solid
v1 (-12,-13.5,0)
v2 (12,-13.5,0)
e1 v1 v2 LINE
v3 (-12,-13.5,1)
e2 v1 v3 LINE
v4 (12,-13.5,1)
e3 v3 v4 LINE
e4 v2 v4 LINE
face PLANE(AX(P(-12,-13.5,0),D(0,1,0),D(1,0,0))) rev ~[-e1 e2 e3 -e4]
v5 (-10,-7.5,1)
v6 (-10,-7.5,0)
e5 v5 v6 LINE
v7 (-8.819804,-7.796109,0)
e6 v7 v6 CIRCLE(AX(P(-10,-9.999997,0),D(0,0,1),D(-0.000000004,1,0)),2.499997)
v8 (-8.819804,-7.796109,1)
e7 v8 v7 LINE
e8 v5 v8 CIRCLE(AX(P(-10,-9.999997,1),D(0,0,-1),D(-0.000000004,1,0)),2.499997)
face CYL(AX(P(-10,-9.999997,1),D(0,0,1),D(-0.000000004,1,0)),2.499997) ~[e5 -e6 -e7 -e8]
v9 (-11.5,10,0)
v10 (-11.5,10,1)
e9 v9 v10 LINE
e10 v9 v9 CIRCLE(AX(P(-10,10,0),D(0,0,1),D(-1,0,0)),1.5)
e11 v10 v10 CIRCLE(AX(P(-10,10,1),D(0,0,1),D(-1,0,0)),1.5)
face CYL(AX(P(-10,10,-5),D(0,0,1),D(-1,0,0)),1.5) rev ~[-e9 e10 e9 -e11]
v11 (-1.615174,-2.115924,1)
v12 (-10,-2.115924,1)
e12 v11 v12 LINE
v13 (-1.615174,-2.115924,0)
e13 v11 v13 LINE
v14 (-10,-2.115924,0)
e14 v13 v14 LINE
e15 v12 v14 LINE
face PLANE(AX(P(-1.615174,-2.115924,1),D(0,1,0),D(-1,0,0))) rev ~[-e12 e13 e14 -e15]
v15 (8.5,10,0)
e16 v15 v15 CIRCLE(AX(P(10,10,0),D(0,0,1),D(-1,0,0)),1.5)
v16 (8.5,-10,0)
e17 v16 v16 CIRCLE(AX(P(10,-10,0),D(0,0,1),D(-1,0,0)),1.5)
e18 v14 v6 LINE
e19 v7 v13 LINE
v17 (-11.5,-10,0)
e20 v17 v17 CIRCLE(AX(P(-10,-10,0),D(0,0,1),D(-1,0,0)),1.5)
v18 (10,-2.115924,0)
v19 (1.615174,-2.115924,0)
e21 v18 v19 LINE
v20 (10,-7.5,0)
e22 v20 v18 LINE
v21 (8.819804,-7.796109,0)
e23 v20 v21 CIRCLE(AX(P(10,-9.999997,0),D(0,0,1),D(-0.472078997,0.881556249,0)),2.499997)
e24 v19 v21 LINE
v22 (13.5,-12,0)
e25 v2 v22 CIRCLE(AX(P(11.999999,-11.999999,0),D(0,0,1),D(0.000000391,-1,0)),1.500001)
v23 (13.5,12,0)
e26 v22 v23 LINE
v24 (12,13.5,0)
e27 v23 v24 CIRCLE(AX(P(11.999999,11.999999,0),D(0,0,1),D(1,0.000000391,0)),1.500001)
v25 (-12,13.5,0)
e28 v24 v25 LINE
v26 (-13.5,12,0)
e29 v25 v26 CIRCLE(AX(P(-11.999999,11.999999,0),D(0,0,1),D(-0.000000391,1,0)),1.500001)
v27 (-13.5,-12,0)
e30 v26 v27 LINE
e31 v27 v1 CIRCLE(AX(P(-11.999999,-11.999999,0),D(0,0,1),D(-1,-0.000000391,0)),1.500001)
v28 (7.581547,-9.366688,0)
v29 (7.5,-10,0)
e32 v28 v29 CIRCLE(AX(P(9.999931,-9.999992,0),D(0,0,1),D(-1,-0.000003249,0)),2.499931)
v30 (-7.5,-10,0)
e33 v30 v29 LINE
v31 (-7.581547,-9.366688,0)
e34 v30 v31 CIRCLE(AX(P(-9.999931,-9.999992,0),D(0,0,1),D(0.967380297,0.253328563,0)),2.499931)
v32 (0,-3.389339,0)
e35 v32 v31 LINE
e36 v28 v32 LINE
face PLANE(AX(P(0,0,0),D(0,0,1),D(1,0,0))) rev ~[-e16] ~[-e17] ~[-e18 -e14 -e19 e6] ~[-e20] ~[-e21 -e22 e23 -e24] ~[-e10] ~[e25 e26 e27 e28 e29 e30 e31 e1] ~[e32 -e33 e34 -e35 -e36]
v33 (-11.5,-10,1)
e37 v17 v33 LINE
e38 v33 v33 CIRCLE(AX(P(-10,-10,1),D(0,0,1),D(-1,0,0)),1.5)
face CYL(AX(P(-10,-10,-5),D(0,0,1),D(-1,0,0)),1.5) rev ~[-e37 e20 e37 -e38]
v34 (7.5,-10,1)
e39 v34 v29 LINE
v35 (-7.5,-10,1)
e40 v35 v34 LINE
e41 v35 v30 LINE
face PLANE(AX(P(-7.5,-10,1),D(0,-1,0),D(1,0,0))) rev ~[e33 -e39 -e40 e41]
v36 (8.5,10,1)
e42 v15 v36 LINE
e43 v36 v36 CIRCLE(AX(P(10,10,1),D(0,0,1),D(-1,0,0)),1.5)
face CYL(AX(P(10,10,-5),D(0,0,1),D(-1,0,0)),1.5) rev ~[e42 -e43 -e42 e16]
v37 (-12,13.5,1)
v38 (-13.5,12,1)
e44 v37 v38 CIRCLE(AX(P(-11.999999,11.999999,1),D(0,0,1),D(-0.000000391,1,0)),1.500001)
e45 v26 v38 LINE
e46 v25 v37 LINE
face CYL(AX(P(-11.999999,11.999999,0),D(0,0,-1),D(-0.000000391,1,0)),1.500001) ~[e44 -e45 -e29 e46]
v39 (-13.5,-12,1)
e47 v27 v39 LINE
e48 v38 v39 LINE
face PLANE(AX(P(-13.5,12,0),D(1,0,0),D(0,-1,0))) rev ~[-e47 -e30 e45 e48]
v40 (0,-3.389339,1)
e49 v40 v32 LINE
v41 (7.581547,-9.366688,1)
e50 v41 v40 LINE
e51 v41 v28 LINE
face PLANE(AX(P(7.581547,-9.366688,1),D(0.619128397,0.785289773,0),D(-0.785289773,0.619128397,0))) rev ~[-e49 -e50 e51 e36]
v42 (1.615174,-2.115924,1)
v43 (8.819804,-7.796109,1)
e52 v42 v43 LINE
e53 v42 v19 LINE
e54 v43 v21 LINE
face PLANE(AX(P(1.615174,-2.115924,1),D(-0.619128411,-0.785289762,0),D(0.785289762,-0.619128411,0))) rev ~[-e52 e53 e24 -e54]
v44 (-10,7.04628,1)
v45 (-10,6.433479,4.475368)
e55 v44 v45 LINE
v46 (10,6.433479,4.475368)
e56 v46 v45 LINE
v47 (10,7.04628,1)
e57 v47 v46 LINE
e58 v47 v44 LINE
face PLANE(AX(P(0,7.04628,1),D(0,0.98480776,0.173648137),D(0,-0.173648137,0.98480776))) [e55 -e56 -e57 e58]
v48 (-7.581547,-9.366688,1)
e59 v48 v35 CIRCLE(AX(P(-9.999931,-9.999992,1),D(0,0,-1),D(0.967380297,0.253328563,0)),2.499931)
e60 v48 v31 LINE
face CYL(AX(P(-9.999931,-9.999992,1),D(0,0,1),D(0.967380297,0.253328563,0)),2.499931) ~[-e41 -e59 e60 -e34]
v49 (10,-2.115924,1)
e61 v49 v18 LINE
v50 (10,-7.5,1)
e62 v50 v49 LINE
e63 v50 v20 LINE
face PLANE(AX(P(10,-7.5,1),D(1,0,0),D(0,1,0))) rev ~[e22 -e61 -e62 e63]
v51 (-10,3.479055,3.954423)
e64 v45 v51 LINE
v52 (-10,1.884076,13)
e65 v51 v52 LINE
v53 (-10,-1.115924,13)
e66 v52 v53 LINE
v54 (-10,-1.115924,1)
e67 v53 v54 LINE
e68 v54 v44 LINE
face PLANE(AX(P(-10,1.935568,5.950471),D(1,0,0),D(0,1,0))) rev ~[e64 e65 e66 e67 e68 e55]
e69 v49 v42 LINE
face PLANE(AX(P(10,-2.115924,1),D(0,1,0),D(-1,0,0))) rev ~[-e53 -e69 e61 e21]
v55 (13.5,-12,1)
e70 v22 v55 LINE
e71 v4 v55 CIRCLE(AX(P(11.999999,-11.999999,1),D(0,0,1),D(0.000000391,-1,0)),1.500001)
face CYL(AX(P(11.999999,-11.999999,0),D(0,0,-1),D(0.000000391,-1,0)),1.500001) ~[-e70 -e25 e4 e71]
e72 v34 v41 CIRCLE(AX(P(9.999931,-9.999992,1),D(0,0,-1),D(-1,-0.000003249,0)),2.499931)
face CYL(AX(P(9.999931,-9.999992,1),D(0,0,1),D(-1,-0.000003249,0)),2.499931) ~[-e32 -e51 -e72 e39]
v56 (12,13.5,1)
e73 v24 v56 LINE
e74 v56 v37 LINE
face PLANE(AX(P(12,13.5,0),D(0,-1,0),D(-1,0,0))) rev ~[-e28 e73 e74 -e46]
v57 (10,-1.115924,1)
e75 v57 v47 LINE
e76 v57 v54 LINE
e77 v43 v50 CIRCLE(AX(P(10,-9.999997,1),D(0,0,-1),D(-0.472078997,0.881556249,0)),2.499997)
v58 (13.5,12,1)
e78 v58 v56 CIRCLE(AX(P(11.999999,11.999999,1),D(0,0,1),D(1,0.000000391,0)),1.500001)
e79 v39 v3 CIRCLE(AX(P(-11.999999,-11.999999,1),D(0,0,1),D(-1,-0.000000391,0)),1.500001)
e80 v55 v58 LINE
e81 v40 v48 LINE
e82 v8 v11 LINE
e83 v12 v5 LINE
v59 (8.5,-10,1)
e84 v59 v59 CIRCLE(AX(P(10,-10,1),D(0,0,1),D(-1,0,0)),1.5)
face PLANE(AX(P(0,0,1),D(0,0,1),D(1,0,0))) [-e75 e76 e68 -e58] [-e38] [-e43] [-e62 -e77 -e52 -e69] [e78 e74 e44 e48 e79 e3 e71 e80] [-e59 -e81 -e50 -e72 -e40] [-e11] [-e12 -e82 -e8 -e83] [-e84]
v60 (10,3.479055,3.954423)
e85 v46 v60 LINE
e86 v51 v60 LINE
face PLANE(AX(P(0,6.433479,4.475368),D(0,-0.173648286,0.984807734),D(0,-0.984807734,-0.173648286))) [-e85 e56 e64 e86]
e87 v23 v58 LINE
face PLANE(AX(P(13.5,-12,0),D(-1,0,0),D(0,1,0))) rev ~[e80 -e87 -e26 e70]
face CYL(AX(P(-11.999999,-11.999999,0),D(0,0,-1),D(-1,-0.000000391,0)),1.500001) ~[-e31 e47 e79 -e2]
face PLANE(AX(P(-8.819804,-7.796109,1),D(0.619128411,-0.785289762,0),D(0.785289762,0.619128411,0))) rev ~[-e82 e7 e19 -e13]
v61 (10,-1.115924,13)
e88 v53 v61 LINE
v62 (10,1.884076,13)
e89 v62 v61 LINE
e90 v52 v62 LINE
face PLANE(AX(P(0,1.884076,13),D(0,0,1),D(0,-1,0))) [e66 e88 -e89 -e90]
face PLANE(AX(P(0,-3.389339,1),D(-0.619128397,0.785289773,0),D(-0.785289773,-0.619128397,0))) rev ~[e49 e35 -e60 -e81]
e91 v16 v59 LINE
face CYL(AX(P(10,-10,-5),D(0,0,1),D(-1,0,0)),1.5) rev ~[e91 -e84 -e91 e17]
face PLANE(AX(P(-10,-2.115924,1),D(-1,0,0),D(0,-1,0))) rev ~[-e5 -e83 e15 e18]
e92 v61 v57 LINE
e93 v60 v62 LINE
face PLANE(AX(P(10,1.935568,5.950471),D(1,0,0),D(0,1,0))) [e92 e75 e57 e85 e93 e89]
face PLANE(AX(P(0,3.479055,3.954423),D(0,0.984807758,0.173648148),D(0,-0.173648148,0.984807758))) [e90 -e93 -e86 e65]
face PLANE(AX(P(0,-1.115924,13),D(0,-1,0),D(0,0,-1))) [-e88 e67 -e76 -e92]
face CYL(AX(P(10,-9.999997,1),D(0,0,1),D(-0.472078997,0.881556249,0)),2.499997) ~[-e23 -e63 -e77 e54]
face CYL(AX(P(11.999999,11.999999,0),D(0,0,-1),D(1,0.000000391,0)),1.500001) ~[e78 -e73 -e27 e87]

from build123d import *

# Parameters (mm, degrees)
F1_DEPTH = 1
F3_DEPTH = 10
F4_D     = 3
F4_DEPTH = 5
F6_DEPTH = 25


with BuildPart() as f1:
    # F0 (on Top) → F1 (new body)
    with BuildSketch(Plane.XY):
        with BuildLine():
            Line((12, 13.5), (-12, 13.5))
            ThreePointArc((-12, 13.5), (-13.06066, 13.06066), (-13.5, 12))
            Line((-13.5, 12), (-13.5, -12))
            ThreePointArc((-13.5, -12), (-13.06066, -13.06066), (-12, -13.5))
            Line((-12, -13.5), (12, -13.5))
            ThreePointArc((12, -13.5), (13.06066, -13.06066), (13.5, -12))
            Line((13.5, -12), (13.5, 12))
            ThreePointArc((13.5, 12), (13.06066, 13.06066), (12, 13.5))
        make_face()
    extrude(amount=F1_DEPTH)

    # F2 (on Right) → F3 (join, symmetric)
    with BuildSketch(Plane.YZ):
        Polygon((6.433479, 4.475368), (3.479055, 3.954423), (1.884076, 13), (-1.115924, 13), (-1.115924, 1), (4, 1), (7.04628, 1), align=None)
    extrude(amount=F3_DEPTH, both=True)

    # F4
    with Locations(Plane(origin=(0, 0, 0), x_dir=(1, 0, 0), z_dir=(0, 0, -1))):
        with Locations((10, -10), (-10, -10), (-10, 10), (10, 10)):
            Hole(F4_D / 2, depth=F4_DEPTH)

    # F5 (on face) → F6 (cut)
    with BuildSketch(Plane.XY.offset(1)):
        with BuildLine():
            Line((-1.615174, -2.115924), (-10, -2.115924))
            Line((-10, -2.115924), (-10, -7.5))
            ThreePointArc((-10, -7.5), (-9.391612, -7.575157), (-8.819804, -7.796109))
            Line((-8.819804, -7.796109), (-1.615174, -2.115924))
        make_face()
        with BuildLine():
            ThreePointArc((-7.581547, -9.366688), (-7.52047, -9.68073), (-7.5, -10))
            Line((-7.5, -10), (7.5, -10))
            ThreePointArc((7.5, -10), (7.52047, -9.68073), (7.581547, -9.366688))
            Line((7.581547, -9.366688), (0, -3.389339))
            Line((0, -3.389339), (-7.581547, -9.366688))
        make_face()
        with BuildLine():
            ThreePointArc((8.819804, -7.796109), (9.391612, -7.575157), (10, -7.5))
            Line((10, -7.5), (10, -2.115924))
            Line((10, -2.115924), (1.615174, -2.115924))
            Line((1.615174, -2.115924), (8.819804, -7.796109))
        make_face()
    extrude(amount=-F6_DEPTH, mode=Mode.SUBTRACT)


solid = f1.part
